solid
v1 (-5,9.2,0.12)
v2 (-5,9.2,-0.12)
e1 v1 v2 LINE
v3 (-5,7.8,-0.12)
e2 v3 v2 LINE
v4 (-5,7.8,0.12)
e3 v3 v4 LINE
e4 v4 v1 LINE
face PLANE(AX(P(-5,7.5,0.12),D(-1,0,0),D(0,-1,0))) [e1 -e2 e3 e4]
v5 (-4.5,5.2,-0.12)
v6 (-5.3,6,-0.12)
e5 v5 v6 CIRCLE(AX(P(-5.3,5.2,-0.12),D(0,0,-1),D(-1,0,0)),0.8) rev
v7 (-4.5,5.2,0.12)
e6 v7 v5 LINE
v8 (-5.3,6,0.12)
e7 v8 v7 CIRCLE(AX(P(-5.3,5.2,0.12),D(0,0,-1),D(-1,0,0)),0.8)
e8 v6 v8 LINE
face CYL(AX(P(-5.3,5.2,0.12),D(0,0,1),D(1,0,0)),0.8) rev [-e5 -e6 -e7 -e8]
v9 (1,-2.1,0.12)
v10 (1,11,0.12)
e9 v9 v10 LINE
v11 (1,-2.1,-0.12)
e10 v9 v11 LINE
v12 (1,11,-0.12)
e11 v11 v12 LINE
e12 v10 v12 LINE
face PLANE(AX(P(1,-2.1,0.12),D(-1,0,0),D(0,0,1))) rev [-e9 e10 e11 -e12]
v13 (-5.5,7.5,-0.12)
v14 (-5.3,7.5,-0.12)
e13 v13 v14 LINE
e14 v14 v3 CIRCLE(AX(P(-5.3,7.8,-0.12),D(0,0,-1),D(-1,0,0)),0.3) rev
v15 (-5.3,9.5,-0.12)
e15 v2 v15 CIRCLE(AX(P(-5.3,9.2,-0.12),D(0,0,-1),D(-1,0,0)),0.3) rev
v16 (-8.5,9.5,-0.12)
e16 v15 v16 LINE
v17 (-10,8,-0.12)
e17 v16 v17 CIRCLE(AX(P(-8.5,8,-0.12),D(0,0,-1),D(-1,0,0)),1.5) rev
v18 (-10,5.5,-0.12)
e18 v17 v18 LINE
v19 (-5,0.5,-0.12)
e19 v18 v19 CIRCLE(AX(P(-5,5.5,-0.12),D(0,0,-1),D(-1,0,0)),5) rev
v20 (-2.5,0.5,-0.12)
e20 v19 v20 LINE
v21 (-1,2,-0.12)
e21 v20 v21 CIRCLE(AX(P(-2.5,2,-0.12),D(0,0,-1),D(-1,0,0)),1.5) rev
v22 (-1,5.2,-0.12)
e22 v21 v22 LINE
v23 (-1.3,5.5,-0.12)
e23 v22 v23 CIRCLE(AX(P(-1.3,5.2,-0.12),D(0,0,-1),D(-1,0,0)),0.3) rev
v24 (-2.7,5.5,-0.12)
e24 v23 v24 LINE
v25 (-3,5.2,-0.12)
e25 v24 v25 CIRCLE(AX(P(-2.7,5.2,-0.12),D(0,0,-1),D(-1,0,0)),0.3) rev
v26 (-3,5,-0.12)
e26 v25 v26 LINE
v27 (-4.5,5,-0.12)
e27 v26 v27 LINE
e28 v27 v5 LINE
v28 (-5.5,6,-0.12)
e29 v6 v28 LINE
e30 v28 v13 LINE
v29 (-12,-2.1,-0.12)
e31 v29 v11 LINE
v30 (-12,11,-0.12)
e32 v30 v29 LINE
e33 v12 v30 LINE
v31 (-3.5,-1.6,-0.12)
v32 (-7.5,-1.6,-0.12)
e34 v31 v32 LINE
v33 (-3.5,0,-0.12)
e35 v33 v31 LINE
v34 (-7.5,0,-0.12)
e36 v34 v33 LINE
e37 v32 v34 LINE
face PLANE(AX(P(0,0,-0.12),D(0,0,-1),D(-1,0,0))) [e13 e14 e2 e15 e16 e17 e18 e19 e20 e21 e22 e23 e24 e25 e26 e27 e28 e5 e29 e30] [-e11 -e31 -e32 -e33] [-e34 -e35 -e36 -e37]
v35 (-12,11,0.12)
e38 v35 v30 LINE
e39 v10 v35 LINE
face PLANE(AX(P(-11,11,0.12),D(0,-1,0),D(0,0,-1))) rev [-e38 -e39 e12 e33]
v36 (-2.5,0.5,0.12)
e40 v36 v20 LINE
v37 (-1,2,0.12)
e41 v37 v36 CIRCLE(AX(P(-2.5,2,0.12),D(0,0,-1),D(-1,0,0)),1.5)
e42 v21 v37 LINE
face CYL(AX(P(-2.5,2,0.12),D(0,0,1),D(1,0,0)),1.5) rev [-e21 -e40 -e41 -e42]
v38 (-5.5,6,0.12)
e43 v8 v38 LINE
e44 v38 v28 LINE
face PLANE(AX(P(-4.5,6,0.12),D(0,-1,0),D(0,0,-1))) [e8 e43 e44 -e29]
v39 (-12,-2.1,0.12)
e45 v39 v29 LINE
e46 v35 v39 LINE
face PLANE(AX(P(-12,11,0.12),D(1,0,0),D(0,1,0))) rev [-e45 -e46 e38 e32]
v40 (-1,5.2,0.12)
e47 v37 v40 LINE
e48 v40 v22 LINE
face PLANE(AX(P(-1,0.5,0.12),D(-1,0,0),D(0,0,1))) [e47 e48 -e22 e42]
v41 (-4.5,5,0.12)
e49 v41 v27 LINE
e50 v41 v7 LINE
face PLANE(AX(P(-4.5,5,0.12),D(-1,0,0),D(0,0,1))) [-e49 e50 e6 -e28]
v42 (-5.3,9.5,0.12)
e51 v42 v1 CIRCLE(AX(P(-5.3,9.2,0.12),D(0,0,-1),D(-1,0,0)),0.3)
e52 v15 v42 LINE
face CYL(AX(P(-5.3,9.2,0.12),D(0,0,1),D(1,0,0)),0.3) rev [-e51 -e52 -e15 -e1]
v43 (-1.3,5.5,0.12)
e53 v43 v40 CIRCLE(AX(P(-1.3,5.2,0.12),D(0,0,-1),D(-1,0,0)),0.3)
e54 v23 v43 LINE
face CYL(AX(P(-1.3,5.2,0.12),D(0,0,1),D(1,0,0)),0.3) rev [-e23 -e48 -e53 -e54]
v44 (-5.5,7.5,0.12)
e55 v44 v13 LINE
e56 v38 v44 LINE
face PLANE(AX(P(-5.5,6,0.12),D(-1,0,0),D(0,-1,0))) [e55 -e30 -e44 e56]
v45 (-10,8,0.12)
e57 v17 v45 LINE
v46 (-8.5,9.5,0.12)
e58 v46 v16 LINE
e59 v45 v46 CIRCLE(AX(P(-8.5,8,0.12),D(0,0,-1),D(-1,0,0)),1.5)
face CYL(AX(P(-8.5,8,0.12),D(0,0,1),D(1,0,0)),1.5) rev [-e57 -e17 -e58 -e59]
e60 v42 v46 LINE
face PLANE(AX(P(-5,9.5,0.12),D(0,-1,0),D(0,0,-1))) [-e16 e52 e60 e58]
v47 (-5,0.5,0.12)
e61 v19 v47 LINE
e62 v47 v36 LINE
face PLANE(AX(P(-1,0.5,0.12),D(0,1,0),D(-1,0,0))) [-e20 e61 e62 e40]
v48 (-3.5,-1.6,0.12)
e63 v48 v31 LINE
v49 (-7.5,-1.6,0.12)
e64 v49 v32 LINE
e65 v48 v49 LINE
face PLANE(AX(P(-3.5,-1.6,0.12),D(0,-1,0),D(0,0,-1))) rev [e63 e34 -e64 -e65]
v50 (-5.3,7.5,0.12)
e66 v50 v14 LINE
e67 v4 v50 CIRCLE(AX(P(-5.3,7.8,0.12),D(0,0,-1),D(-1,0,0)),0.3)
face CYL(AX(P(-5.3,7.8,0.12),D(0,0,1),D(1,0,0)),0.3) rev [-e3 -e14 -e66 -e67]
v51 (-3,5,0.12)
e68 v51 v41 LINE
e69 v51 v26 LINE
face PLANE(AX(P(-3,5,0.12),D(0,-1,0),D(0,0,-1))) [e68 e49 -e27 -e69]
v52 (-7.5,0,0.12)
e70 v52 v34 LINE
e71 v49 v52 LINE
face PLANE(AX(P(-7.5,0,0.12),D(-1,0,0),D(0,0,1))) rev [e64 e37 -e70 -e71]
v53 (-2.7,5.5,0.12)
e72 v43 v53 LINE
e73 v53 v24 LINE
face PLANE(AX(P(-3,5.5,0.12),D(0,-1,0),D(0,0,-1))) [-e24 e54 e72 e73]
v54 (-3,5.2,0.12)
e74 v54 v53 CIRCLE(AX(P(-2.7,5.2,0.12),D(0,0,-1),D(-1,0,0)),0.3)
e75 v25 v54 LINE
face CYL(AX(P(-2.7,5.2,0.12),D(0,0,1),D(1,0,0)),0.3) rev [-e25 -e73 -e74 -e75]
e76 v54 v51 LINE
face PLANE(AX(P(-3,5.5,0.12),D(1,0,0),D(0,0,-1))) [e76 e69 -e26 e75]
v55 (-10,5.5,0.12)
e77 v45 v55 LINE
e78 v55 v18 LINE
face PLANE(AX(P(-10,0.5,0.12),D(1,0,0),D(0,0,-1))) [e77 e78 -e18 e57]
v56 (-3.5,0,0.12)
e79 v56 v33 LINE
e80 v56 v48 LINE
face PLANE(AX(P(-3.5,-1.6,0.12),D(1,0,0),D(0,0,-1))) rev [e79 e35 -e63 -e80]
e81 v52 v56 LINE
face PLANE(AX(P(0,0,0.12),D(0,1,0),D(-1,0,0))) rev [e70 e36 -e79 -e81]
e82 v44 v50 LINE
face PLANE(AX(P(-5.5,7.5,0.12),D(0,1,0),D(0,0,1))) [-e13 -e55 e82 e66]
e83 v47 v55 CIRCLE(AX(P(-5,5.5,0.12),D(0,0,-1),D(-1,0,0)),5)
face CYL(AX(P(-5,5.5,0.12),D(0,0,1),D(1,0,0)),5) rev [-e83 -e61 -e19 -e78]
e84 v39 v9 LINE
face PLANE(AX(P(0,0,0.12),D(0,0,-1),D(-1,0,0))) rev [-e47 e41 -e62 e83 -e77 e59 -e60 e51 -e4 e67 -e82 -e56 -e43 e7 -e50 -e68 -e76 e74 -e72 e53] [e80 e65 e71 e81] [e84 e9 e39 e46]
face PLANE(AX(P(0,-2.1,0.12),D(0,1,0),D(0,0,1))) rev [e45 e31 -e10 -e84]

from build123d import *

# Parameters (mm, degrees)
BOSS_EXTRUDE1_DEPTH = 0.12
FILLET2_R           = 1.5
FILLET3_R           = 5
BOSS_EXTRUDE2_DEPTH = 0.12
SKETCH5_W           = 1
SKETCH5_H           = 13.1
SKETCH5_W_2         = 2.922992305
SKETCH5_H_2         = 2.818599723
BOSS_EXTRUDE3_DEPTH = 0.12
FILLET5_R           = 0.3
FILLET6_R           = 0.8


with BuildPart() as part:
    # Sketch1 → Boss-Extrude1 (new, symmetric)
    with BuildSketch(Plane.XY):
        Polygon((0, 0), (-11, 0), (-11, 10.5), (-11, 11), (0, 11), (0, 10.5), align=None)
        Polygon((-1, 0.5), (-1, 5.5), (-3, 5.5), (-3, 5), (-4.5, 5), (-4.5, 6), (-5.5, 6), (-5.5, 7.5), (-5, 7.5), (-5, 9.5), (-10, 9.5), (-10, 0.5), align=None, mode=Mode.SUBTRACT)
    extrude(amount=BOSS_EXTRUDE1_DEPTH, both=True)

    # Fillet2
    fillet2_edges = [part.edges().sort_by_distance(p)[0] for p in [
        (-1, 0.5, 0),
        (-10, 9.5, 0),
    ]]
    fillet(fillet2_edges, radius=FILLET2_R)

    # Fillet3
    fillet3_edges = [part.edges().sort_by_distance(p)[0] for p in [
        (-10, 0.5, 0),
    ]]
    fillet(fillet3_edges, radius=FILLET3_R)

    # Sketch4 → Boss-Extrude2 (add, symmetric)
    with BuildSketch(Plane.XY):
        Polygon((0, 0), (0, -2.1), (-11, -2.1), (-11, 0), (-7.5, 0), (-7.5, -1.6), (-3.5, -1.6), (-3.5, 0), align=None)
    extrude(amount=BOSS_EXTRUDE2_DEPTH, both=True)

    # Sketch5 → Boss-Extrude3 (add, symmetric)
    with BuildSketch(Plane.XY):
        with Locations((-11.5, 4.45)):
            Rectangle(SKETCH5_W, SKETCH5_H)
        with Locations((0.5, 4.45)):
            Rectangle(SKETCH5_W, SKETCH5_H)
        with Locations((-1.978875572, 8.357232245)):
            Rectangle(SKETCH5_W_2, SKETCH5_H_2)
    extrude(amount=BOSS_EXTRUDE3_DEPTH, both=True)

    # Fillet5
    fillet5_edges = [part.edges().sort_by_distance(p)[0] for p in [
        (-1, 5.5, 0),
        (-3, 5.5, 0),
        (-5, 7.5, 0),
        (-5, 9.5, 0),
    ]]
    fillet(fillet5_edges, radius=FILLET5_R)

    # Fillet6
    fillet6_edges = [part.edges().sort_by_distance(p)[0] for p in [
        (-4.5, 6, 0),
    ]]
    fillet(fillet6_edges, radius=FILLET6_R)


solid = part.part
